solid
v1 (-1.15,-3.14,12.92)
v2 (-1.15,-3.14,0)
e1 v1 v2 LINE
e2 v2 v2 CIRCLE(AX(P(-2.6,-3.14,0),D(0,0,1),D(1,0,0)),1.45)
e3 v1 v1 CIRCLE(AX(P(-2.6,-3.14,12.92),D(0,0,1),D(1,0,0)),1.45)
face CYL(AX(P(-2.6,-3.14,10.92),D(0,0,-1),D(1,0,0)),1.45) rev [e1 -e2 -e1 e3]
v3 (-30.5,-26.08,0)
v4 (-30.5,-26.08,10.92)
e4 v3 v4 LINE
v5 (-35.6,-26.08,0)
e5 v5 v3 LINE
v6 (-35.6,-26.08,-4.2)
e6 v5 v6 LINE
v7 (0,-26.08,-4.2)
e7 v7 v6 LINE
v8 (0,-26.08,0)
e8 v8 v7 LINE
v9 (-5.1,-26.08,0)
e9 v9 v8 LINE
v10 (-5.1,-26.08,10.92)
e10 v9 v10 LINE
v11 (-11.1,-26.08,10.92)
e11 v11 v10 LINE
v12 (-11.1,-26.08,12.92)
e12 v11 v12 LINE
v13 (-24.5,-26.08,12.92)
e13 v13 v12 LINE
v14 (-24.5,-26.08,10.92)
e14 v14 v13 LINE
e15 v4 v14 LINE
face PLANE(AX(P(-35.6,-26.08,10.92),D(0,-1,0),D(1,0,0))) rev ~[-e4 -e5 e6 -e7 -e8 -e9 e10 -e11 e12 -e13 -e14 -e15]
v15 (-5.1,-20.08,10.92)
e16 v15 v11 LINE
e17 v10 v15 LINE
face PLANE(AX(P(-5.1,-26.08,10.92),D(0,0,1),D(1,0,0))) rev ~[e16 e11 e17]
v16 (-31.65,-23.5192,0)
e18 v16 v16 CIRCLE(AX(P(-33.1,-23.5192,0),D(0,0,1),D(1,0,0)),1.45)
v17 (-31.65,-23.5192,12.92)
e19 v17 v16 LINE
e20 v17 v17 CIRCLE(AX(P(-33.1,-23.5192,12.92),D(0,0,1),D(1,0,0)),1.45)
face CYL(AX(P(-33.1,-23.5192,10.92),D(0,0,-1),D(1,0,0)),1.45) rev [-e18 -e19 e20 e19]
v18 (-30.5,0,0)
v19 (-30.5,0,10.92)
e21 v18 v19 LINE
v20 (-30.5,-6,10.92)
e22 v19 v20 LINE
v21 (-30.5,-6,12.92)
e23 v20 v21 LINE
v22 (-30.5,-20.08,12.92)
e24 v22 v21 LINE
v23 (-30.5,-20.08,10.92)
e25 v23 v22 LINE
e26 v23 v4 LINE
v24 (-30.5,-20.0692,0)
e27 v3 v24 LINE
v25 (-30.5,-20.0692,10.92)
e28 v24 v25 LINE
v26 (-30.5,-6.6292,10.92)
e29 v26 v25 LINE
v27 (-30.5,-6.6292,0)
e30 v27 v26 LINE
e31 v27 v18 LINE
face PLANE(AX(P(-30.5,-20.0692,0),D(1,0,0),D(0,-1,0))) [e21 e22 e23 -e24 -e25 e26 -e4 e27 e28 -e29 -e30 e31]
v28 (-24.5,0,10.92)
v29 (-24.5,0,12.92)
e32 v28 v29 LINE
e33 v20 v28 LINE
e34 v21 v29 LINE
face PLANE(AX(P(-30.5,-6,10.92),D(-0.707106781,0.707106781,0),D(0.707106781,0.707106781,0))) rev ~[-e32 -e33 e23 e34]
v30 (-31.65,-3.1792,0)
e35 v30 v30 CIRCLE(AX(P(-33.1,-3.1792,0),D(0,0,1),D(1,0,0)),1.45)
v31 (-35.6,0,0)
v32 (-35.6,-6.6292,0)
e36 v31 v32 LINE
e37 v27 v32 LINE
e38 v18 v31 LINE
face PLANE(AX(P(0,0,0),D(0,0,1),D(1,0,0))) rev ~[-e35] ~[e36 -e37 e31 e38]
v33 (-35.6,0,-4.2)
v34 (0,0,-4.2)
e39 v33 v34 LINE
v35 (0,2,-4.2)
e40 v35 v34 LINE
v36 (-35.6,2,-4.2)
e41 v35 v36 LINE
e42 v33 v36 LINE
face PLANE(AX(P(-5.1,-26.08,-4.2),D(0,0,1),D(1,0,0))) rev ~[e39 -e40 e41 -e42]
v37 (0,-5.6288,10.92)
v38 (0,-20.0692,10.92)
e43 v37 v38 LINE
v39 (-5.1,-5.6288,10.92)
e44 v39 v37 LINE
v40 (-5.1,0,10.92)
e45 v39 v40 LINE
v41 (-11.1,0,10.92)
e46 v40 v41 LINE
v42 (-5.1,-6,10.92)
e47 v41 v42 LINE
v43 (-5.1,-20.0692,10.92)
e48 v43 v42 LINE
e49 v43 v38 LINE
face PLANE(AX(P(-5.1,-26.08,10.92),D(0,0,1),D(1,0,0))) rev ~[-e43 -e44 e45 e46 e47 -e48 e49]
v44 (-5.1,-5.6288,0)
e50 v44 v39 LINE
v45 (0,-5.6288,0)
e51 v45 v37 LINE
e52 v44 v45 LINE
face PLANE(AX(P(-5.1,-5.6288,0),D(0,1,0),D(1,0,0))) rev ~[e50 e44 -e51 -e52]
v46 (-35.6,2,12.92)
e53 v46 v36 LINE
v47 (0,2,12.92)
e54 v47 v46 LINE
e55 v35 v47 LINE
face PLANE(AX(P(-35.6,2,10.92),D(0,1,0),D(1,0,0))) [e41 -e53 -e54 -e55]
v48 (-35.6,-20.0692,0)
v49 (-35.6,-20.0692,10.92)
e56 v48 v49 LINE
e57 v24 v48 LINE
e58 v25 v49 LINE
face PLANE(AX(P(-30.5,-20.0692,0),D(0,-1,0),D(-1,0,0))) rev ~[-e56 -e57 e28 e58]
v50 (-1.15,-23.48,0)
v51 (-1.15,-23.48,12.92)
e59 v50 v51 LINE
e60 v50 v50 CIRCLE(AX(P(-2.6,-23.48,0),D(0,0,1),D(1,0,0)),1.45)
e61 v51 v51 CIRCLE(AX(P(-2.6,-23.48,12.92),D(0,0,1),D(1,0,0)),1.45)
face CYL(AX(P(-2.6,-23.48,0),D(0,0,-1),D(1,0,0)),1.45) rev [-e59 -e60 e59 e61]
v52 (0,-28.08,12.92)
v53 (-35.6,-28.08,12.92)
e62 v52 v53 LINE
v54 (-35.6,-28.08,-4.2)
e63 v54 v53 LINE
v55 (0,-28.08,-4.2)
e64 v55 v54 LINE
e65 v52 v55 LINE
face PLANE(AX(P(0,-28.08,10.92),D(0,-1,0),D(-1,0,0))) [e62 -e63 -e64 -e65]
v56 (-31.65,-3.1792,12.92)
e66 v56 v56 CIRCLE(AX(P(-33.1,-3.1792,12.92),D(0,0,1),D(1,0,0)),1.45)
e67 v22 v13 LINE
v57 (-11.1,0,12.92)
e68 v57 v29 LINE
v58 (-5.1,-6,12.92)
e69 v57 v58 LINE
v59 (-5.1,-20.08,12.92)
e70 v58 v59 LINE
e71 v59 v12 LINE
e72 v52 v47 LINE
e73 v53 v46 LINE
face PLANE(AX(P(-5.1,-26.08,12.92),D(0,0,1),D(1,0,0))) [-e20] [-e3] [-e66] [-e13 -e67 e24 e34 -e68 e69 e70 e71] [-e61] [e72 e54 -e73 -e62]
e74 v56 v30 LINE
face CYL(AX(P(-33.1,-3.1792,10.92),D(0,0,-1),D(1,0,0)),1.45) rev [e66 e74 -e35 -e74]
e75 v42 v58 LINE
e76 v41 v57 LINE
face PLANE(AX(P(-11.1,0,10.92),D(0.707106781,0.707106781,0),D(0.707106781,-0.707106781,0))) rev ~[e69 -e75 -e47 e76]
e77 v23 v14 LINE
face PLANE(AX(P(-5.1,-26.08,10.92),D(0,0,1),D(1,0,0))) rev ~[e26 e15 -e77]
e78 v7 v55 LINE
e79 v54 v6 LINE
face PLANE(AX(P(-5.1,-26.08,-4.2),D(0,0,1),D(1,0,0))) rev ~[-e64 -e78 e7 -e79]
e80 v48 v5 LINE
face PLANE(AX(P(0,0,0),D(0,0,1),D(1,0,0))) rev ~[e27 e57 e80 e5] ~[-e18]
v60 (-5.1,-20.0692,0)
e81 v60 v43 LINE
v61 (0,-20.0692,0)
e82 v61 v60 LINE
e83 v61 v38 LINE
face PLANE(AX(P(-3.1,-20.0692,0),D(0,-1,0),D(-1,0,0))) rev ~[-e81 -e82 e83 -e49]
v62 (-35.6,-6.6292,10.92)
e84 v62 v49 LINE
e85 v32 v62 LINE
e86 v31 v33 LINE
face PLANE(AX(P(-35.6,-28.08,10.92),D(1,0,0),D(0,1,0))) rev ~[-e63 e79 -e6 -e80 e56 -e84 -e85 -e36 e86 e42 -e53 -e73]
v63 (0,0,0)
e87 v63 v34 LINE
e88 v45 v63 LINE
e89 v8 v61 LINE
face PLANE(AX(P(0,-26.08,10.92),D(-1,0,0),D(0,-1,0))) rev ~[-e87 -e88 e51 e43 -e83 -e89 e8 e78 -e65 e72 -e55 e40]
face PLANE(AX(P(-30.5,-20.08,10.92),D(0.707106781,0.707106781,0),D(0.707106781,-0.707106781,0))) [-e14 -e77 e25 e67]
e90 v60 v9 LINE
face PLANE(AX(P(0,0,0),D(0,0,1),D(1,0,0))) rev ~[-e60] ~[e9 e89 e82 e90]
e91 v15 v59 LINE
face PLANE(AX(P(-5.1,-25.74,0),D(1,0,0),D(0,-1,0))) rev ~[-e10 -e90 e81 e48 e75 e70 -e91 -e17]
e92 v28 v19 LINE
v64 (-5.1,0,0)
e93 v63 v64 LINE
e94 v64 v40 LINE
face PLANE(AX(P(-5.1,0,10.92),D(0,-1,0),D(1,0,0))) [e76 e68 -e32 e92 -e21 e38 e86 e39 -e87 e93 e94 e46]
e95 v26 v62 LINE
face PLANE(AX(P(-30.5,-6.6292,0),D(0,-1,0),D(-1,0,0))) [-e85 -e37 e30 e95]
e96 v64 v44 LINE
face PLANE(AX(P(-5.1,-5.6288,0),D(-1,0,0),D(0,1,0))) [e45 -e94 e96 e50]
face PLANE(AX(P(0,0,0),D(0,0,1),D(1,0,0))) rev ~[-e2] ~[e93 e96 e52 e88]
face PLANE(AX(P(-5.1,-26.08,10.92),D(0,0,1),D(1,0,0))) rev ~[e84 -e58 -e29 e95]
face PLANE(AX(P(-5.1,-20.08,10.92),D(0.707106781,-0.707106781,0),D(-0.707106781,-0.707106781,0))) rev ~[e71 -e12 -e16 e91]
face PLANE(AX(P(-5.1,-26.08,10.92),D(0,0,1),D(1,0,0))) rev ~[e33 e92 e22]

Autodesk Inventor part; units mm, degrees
ref_plane "Work Plane1" through (0, 0, 0) normal (0, 0, 1) x (1, 0, 0)
sketch "Sketch1" plane through (0, 0, 0) normal (0, 0, 1) x (1, 0, 0)
  line L0 (0, -26.08) -> (0, 0)
  line L1 (0, 0) -> (-35.6, 0)
  line L2 (-35.6, -26.08) -> (0, -26.08)
  line L3 (-35.6, 0) -> (-35.6, -26.08)
  circle A0 centre (-2.6, -23.48) radius 1.45
  circle A1 centre (-2.6, -3.14) radius 1.45
  circle A2 centre (-33.1, -3.1792) radius 1.45
  circle A3 centre (-33.1, -23.5192) radius 1.45
  line L4 (-30.5, -20.0692) -> (-35.6, -20.0692)
  line L5 (-30.5, -6.6292) -> (-35.6, -6.6292)
  line L6 (-5.1, -5.6288) -> (0, -5.6288)
  line L7 (0, -5.6288) -> (0, 0)
  line L8 (-35.6, -26.08) -> (-35.6, -20.0692)
  line L9 (-35.6, -6.6292) -> (-35.6, 0)
  line L10 (0, -26.08) -> (0, -22.0692)
  line L11 (0, -22.0692) -> (0, -20.0692)
  line L12 (0, -20.0692) -> (-3.1, -20.0692)
  line L13 (-3.1, -20.0692) -> (-5.1, -20.0692)
  line L14 (-17.8, -25.74) -> (-5.1, -25.74)
  line L15 (-5.1, -25.74) -> (-5.1, -0.34)
  line L16 (-5.1, -0.34) -> (-30.5, -0.34)
  line L17 (-30.5, -0.34) -> (-30.5, -25.74)
  line L18 (-30.5, -25.74) -> (-17.8, -25.74)
  line L19 (-5.1, -25.74) -> (-5.1, -26.08)
  line L20 (-5.1, -26.08) -> (0, -26.08)
  line L21 (-30.5, -25.74) -> (-30.5, -26.08)
  line L22 (-35.6, -26.08) -> (-30.5, -26.08)
  line L23 (-30.5, -0.34) -> (-30.5, 0)
  line L24 (-30.5, 0) -> (-35.6, 0)
  line L25 (-5.1, -0.34) -> (-5.1, 0)
  line L26 (-5.1, 0) -> (0, 0)
  line L27 (-5.1, -26.08) -> (-30.5, -26.08)
  line L28 (-30.5, 0) -> (-5.1, 0)
  point P0 (-30.5, 0)
  point P1 (-5.1, 0)
ref_plane "Work Plane2" through (-34.2906, -29.9214, 10.92) normal (0, 0, 1) x (0.9132, 0.4074, 0)
extrude "Extrusion1" add sketch "Sketch1" along normal up to surface (10.92 mm away) contours L2 L19 L15 L13 L12 L0 | L2 L3 L4 L17 L21 | L6 L15 L25 L1 L0 | L3 L1 L23 L17 L5
sketch "Sketch2" plane through (-5.1, -26.08, 10.92) normal (0, 0, 1) x (1, 0, 0)
  line L0 (-30.5, 0) -> (5.1, 0) projected
  line L1 (5.1, 0) -> (5.1, 26.08) projected
  line L2 (0, 26.08) -> (5.1, 26.08) projected
  line L3 (5.1, 26.08) -> (-30.5, 26.08) projected
  line L4 (-30.5, 26.08) -> (-30.5, 0) projected
  circle A0 centre (-28, 2.5608) radius 1.45 projected
  circle A1 centre (-28, 22.9008) radius 1.45 projected
  circle A2 centre (2.5, 2.6) radius 1.45 projected
  circle A3 centre (2.5, 22.94) radius 1.45 projected
  line L5 (5.1, 0) -> (5.1, -2)
  line L6 (5.1, -2) -> (-30.5, -2)
  line L7 (-30.5, 0) -> (-25.4, 0) projected
  line L8 (-30.5, -2) -> (-30.5, 0)
  line L9 (-30.5, 19.4508) -> (-30.5, 26.08) projected
  line L10 (-30.5, 0) -> (-30.5, 26.08)
  line L11 (-30.5, 26.08) -> (-30.5, 28.08)
  line L12 (-30.5, 28.08) -> (0, 28.08)
  line L13 (0, 28.08) -> (5.1, 28.08)
  line L14 (5.1, 26.08) -> (5.1, 20.4512) projected
  line L15 (5.1, 28.08) -> (5.1, 26.08)
  line L16 (0, 20.4512) -> (0, 26.08) projected
  line L17 (0, 26.08) -> (0, 20.08)
  line L18 (0, 26.08) -> (-6, 26.08)
  line L19 (-6, 26.08) -> (0, 20.08)
  line L20 (-25.4, 19.4508) -> (-25.4, 26.08) projected
  line L21 (-25.4, 26.08) -> (-19.4, 26.08)
  line L22 (-25.4, 26.08) -> (-25.4, 20.08)
  line L23 (-25.4, 20.08) -> (-19.4, 26.08)
  line L24 (-25.4, 0) -> (-19.4, 0)
  line L25 (-25.4, 0) -> (-25.4, 6)
  line L26 (-25.4, 6.0108) -> (-25.4, 0) projected
  line L27 (-25.4, 6) -> (-19.4, 0)
  line L28 (0, 0) -> (-6, 0)
  line L29 (0, 6.0108) -> (0, 0) projected
  line L30 (0, 0) -> (0, 6)
  line L31 (0, 6) -> (-6, 0)
  line L32 (0, 6) -> (0, 20.08)
  line L33 (-25.4, 20.08) -> (-25.4, 6.0108)
  dimension "d19" = 2
  dimension "d20" = 2
  dimension "d21" = 6
  dimension "d22" = 6
  dimension "d23" = 6
  dimension "d24" = 6
  dimension "d25" = 6
  dimension "d26" = 6
  dimension "d27" = 6
  dimension "d28" = 6
extrude "Extrusion2" add sketch "Sketch2" along normal blind 2 contours L4 L3 L20 L33 L26 L25 L0 | L0 L5 L6 L8 | L25 L27 L0 | L11 L12 L13 L15 L2 L3 | L31 L29 L0 | L3 L23 L20 | L0 L29 L32 L17 L16 L2 L1 | L3 L16 L17 L19
ref_plane "Work Plane3" through (-53.6, -42.75, -4.2) normal (0, 0, -1) x (0, 1, 0)
extrude "Extrusion3" add sketch "Sketch2" against normal up to surface (15.12 mm away) contours L0 L5 L6 L8 | L11 L12 L13 L15 L2 L3
properties part number "gps_antenna_cover"
